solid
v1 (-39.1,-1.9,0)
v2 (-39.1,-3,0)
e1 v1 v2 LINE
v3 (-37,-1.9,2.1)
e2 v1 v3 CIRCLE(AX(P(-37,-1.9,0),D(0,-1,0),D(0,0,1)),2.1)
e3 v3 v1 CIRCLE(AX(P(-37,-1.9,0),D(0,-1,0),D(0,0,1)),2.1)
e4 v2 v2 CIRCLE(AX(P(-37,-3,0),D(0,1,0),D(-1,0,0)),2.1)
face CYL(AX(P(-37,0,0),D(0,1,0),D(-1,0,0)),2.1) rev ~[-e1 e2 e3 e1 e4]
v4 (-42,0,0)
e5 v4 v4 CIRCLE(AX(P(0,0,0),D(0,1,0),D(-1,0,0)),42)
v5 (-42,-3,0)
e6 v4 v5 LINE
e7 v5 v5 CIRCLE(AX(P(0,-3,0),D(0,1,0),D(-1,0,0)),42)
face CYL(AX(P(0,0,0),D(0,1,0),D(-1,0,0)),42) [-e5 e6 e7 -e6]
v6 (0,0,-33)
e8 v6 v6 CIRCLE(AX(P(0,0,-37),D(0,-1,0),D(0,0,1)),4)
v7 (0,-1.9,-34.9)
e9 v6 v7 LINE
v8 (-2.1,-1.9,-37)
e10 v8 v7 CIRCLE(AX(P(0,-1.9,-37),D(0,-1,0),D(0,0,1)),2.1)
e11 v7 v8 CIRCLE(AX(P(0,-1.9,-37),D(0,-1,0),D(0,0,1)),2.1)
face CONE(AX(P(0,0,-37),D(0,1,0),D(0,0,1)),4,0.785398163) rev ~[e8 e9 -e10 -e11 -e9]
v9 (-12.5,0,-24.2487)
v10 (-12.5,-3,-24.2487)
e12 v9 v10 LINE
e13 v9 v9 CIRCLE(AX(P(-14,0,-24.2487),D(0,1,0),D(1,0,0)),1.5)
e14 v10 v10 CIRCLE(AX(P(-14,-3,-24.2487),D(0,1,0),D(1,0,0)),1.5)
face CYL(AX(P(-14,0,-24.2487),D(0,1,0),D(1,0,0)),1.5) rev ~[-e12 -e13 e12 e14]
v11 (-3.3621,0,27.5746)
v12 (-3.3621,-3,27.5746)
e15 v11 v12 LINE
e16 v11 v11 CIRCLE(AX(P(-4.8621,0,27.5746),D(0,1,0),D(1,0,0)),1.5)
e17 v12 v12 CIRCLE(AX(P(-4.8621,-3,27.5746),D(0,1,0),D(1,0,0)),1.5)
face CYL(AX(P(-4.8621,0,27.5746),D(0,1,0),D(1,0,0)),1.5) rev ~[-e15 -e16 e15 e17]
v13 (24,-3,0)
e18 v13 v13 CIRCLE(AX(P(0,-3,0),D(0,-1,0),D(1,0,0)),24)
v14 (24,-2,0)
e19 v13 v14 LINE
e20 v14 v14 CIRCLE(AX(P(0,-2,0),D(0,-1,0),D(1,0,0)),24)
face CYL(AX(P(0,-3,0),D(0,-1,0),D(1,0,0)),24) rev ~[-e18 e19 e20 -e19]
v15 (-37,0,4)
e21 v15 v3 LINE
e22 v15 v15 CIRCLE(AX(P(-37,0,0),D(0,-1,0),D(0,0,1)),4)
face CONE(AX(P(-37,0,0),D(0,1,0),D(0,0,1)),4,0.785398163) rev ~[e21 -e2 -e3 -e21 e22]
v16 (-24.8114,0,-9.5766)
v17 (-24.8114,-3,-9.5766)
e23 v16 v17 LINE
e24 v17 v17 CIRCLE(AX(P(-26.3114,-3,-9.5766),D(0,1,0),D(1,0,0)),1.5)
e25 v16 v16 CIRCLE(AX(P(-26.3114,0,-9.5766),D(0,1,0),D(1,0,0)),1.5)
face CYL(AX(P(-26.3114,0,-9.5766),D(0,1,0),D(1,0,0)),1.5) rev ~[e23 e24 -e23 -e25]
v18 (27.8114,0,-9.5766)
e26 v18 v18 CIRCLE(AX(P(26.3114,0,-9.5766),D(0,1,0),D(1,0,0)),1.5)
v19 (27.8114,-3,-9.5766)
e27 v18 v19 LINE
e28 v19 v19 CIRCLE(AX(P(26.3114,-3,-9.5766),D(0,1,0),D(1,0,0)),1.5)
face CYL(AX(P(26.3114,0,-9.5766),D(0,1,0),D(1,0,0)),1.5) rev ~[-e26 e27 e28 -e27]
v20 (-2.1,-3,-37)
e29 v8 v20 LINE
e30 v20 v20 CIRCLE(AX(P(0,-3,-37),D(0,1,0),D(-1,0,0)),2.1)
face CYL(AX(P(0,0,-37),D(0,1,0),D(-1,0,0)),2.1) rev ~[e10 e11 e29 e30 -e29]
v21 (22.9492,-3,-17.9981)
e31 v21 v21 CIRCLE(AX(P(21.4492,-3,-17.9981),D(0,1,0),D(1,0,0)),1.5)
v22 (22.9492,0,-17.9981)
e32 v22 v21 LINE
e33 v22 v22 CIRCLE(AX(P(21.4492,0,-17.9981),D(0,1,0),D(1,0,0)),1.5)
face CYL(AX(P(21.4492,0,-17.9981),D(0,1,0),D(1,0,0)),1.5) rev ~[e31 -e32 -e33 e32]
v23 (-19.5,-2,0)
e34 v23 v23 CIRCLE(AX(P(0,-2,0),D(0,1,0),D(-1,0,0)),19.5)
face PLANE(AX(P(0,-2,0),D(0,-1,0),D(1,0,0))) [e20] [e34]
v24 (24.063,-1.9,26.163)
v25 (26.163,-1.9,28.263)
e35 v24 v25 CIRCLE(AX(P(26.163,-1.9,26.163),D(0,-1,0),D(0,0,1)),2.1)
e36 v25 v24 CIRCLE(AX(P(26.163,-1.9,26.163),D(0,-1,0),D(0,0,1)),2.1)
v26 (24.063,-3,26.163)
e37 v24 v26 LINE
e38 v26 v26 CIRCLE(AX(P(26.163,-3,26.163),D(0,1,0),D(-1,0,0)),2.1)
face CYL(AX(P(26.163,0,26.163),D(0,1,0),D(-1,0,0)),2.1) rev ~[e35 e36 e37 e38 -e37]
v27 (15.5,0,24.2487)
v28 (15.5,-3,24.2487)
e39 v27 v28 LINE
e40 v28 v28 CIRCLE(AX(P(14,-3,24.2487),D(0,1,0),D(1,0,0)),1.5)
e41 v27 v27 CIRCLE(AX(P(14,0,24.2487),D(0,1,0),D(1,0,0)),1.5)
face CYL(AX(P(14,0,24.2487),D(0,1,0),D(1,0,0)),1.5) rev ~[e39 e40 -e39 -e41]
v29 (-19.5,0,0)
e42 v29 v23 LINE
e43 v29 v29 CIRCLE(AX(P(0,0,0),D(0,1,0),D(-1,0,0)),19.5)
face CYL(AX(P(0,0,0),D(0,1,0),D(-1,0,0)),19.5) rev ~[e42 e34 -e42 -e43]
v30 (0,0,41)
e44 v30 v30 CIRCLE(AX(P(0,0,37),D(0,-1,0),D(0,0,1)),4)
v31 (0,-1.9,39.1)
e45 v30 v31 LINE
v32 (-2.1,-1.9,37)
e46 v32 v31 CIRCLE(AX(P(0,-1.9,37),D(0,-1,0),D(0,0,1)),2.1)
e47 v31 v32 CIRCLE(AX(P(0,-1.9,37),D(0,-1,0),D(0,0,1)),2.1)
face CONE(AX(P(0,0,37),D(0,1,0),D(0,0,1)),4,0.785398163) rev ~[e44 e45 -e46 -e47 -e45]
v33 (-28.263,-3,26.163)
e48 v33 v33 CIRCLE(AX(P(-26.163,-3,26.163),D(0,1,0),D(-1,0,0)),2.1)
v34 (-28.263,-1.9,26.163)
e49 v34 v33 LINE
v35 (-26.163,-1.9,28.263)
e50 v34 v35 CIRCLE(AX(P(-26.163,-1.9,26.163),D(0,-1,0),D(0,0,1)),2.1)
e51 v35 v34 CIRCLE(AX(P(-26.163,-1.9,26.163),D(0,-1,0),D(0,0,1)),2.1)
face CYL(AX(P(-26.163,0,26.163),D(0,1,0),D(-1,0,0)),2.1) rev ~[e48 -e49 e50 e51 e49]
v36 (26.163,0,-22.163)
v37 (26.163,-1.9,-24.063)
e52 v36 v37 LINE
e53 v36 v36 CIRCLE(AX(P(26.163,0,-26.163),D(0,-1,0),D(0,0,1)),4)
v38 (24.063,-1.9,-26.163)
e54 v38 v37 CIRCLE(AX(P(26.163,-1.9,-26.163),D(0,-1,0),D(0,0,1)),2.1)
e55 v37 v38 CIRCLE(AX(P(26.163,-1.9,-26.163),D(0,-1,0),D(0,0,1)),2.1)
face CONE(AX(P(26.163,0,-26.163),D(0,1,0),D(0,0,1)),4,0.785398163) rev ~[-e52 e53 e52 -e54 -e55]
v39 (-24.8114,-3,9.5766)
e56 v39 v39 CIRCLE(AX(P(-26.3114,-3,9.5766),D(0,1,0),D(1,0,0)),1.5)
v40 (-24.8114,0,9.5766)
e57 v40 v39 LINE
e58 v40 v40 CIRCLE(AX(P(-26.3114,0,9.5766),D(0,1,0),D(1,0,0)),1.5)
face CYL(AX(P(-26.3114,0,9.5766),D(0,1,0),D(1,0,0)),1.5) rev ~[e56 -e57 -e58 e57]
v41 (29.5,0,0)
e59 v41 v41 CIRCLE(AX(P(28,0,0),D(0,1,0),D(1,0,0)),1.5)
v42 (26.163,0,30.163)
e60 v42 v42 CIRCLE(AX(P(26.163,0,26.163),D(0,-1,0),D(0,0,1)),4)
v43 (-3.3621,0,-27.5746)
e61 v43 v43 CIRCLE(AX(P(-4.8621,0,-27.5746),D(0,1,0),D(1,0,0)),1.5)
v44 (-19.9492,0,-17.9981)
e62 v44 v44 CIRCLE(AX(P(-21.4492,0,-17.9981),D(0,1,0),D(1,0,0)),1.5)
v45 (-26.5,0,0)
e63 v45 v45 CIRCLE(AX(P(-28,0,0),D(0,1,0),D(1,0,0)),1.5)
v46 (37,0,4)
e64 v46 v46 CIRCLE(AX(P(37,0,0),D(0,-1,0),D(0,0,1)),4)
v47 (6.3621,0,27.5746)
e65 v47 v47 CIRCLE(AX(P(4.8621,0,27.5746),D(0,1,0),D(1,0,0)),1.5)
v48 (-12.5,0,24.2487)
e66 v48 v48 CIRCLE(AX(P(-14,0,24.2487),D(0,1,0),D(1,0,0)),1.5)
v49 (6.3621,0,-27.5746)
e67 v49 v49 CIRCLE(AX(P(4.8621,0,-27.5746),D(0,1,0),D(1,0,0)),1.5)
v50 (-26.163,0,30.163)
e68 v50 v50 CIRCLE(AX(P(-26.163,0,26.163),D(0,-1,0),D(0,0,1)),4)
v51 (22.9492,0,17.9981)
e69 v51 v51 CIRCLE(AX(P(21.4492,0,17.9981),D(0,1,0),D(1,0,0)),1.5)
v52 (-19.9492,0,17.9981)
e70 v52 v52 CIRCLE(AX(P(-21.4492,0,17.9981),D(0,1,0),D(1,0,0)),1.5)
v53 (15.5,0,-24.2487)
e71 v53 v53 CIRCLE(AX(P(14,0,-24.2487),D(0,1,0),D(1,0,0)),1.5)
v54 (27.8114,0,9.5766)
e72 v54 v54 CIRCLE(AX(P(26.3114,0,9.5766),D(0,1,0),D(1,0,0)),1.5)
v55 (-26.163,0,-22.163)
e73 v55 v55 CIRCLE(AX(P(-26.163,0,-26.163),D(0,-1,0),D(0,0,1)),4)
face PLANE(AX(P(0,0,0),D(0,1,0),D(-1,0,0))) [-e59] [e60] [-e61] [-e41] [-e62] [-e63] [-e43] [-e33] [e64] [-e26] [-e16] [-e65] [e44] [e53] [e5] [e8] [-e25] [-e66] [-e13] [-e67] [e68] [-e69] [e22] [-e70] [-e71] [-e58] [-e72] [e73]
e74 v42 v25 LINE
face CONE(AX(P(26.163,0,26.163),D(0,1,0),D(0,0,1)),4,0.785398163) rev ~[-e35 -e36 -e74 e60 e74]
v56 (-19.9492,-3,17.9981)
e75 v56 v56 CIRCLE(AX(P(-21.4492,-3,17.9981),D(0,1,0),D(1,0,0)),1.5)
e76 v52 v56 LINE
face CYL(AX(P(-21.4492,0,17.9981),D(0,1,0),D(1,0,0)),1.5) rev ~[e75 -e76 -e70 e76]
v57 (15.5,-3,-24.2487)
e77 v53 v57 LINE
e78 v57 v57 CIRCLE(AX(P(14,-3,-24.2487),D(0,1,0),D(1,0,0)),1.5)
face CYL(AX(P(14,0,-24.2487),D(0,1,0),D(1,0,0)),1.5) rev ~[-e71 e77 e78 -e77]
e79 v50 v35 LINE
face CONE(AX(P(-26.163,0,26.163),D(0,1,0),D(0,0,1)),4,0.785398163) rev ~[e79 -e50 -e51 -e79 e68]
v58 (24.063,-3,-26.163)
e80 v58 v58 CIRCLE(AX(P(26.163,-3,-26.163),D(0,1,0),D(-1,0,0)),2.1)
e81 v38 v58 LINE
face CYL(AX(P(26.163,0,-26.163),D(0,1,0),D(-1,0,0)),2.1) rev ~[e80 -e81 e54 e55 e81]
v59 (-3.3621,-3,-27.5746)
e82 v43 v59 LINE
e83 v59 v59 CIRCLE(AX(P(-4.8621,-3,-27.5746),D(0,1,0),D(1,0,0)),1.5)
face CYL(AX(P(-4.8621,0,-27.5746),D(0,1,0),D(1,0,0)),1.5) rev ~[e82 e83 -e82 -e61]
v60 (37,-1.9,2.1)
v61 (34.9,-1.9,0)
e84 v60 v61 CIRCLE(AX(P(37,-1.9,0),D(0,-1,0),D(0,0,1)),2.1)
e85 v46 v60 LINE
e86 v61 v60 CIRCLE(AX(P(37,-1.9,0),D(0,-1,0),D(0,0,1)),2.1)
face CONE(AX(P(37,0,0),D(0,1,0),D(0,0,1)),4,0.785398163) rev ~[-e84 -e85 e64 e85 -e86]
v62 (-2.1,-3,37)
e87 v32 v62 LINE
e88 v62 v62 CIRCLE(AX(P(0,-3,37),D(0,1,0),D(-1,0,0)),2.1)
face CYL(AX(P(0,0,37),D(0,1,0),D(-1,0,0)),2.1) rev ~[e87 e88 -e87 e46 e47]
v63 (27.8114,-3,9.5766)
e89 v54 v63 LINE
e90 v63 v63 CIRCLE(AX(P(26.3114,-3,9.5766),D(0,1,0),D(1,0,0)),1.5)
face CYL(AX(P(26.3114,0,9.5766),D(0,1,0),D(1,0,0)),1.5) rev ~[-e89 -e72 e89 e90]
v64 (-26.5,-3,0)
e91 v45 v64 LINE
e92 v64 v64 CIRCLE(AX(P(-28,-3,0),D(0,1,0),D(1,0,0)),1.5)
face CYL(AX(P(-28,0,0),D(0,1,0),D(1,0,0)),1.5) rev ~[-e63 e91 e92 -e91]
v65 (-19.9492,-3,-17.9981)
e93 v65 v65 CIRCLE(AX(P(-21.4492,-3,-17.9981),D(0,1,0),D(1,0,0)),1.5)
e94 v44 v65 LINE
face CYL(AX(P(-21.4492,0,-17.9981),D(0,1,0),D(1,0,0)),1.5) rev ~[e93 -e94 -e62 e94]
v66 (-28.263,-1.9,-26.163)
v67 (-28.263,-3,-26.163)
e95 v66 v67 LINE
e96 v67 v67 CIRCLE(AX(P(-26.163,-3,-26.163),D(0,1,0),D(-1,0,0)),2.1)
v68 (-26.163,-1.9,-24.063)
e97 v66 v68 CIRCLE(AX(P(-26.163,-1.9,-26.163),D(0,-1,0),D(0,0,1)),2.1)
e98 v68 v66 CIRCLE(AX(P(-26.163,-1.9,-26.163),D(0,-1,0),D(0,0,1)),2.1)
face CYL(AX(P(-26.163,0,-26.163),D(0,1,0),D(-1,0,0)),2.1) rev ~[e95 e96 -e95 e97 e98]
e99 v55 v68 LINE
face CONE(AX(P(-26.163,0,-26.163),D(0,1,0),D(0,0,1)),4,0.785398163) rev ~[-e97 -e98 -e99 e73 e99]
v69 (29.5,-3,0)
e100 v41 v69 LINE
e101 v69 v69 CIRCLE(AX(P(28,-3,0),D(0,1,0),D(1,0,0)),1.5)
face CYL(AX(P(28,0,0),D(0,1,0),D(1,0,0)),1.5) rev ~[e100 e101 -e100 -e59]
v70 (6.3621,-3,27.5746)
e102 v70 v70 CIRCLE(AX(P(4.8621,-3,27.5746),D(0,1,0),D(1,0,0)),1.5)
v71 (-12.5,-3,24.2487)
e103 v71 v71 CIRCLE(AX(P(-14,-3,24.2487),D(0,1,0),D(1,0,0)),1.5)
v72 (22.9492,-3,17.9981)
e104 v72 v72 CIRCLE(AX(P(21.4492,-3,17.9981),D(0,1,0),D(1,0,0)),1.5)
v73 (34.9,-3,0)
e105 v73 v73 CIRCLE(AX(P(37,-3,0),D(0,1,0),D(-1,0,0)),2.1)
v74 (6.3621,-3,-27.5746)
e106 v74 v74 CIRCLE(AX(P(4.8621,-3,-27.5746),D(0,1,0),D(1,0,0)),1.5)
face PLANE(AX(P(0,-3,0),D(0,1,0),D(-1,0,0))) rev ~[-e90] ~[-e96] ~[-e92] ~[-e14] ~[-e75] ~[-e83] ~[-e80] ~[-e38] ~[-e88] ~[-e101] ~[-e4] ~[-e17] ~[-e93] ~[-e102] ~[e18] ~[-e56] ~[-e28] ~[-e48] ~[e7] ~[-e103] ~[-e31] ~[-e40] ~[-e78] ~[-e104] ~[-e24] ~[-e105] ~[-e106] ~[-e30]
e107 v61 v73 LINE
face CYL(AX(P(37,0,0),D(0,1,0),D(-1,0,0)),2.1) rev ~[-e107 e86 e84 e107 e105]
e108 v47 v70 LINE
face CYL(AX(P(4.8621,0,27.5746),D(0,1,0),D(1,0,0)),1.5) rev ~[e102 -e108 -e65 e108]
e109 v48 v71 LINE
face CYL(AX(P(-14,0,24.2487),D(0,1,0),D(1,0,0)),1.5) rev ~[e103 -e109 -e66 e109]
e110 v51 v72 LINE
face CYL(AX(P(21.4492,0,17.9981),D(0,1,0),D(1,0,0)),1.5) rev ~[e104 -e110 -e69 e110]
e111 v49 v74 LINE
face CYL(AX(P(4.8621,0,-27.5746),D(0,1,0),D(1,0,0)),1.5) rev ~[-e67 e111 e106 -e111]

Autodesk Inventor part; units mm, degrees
ref_plane "YZ Plane" through (0, 0, 0) normal (1, 0, 0) x (0, 1, 0)
ref_plane "XZ Plane" through (0, 0, 0) normal (0, 1, 0) x (-1, 0, 0)
ref_plane "XY Plane" through (0, 0, 0) normal (0, 0, 1) x (1, 0, 0)
sketch "Sketch1" plane through (0, 0, 0) normal (0, 1, 0) x (-1, 0, 0)
  circle A0 centre (0, 0) radius 42
  circle A1 centre (0, 0) radius 19.5
  circle A2 centre (0, -37) radius 2.1
  circle A3 centre (26.163, -26.163) radius 2.1
  circle A4 centre (37, 0) radius 2.1
  circle A5 centre (26.163, 26.163) radius 2.1
  circle A6 centre (0, 37) radius 2.1
  circle A7 centre (-26.163, 26.163) radius 2.1
  circle A8 centre (-37, 0) radius 2.1
  circle A9 centre (-26.163, -26.163) radius 2.1
  dimension "d0" = 84
  dimension "d1" = 39
  dimension "d2" = 4.2
  dimension "d3" = 37
  dimension "d6" = 360
extrude "Extrusion1" add sketch "Sketch1" against normal blind 3
sketch "Sketch2" plane through (0, -3, 0) normal (0, -1, 0) x (1, 0, 0)
  circle A0 centre (0, 0) radius 24
  dimension "d10" = 48
extrude "Extrusion2" cut sketch "Sketch2" against normal blind 1
hole "Hole1" at (37, 0, 0) at (26.163, 0, 26.163) at (0, 0, 37) at (-26.163, 0, 26.163) at (-37, 0, 0) at (-26.163, 0, -26.163) at (0, 0, -37) at (26.163, 0, -26.163) direction (0, -1, 0) diameter 4.2 end through all countersink diameter 8 countersink angle 90
sketch "Sketch3" plane through (0, 0, 0) normal (0, 1, 0) x (1, 0, 0)
  circle A0 centre (-4.8621, -27.5746) radius 1.5
  circle A1 centre (4.8621, -27.5746) radius 1.5
  circle A2 centre (14, -24.2487) radius 1.5
  circle A3 centre (21.4492, -17.9981) radius 1.5
  circle A4 centre (26.3114, -9.5766) radius 1.5
  circle A5 centre (28, 0) radius 1.5
  circle A6 centre (26.3114, 9.5766) radius 1.5
  circle A7 centre (21.4492, 17.9981) radius 1.5
  circle A8 centre (14, 24.2487) radius 1.5
  circle A9 centre (4.8621, 27.5746) radius 1.5
  circle A10 centre (-4.8621, 27.5746) radius 1.5
  circle A11 centre (-14, 24.2487) radius 1.5
  circle A12 centre (-21.4492, 17.9981) radius 1.5
  circle A13 centre (-26.3114, 9.5766) radius 1.5
  circle A14 centre (-28, 0) radius 1.5
  circle A15 centre (-26.3114, -9.5766) radius 1.5
  circle A16 centre (-21.4492, -17.9981) radius 1.5
  circle A17 centre (-14, -24.2487) radius 1.5
  line L0 (0, 0) -> (-4.8621, -27.5746) construction
  line L1 (0, 0) -> (0, -11.0753) construction
  dimension "d20" = 3
  dimension "d21" = 28
  dimension "d24" = 360
  dimension "d64" = 10
extrude "Extrusion3" cut sketch "Sketch3" against normal through all
properties part number "HousingLid" material "Aluminum 6061"
